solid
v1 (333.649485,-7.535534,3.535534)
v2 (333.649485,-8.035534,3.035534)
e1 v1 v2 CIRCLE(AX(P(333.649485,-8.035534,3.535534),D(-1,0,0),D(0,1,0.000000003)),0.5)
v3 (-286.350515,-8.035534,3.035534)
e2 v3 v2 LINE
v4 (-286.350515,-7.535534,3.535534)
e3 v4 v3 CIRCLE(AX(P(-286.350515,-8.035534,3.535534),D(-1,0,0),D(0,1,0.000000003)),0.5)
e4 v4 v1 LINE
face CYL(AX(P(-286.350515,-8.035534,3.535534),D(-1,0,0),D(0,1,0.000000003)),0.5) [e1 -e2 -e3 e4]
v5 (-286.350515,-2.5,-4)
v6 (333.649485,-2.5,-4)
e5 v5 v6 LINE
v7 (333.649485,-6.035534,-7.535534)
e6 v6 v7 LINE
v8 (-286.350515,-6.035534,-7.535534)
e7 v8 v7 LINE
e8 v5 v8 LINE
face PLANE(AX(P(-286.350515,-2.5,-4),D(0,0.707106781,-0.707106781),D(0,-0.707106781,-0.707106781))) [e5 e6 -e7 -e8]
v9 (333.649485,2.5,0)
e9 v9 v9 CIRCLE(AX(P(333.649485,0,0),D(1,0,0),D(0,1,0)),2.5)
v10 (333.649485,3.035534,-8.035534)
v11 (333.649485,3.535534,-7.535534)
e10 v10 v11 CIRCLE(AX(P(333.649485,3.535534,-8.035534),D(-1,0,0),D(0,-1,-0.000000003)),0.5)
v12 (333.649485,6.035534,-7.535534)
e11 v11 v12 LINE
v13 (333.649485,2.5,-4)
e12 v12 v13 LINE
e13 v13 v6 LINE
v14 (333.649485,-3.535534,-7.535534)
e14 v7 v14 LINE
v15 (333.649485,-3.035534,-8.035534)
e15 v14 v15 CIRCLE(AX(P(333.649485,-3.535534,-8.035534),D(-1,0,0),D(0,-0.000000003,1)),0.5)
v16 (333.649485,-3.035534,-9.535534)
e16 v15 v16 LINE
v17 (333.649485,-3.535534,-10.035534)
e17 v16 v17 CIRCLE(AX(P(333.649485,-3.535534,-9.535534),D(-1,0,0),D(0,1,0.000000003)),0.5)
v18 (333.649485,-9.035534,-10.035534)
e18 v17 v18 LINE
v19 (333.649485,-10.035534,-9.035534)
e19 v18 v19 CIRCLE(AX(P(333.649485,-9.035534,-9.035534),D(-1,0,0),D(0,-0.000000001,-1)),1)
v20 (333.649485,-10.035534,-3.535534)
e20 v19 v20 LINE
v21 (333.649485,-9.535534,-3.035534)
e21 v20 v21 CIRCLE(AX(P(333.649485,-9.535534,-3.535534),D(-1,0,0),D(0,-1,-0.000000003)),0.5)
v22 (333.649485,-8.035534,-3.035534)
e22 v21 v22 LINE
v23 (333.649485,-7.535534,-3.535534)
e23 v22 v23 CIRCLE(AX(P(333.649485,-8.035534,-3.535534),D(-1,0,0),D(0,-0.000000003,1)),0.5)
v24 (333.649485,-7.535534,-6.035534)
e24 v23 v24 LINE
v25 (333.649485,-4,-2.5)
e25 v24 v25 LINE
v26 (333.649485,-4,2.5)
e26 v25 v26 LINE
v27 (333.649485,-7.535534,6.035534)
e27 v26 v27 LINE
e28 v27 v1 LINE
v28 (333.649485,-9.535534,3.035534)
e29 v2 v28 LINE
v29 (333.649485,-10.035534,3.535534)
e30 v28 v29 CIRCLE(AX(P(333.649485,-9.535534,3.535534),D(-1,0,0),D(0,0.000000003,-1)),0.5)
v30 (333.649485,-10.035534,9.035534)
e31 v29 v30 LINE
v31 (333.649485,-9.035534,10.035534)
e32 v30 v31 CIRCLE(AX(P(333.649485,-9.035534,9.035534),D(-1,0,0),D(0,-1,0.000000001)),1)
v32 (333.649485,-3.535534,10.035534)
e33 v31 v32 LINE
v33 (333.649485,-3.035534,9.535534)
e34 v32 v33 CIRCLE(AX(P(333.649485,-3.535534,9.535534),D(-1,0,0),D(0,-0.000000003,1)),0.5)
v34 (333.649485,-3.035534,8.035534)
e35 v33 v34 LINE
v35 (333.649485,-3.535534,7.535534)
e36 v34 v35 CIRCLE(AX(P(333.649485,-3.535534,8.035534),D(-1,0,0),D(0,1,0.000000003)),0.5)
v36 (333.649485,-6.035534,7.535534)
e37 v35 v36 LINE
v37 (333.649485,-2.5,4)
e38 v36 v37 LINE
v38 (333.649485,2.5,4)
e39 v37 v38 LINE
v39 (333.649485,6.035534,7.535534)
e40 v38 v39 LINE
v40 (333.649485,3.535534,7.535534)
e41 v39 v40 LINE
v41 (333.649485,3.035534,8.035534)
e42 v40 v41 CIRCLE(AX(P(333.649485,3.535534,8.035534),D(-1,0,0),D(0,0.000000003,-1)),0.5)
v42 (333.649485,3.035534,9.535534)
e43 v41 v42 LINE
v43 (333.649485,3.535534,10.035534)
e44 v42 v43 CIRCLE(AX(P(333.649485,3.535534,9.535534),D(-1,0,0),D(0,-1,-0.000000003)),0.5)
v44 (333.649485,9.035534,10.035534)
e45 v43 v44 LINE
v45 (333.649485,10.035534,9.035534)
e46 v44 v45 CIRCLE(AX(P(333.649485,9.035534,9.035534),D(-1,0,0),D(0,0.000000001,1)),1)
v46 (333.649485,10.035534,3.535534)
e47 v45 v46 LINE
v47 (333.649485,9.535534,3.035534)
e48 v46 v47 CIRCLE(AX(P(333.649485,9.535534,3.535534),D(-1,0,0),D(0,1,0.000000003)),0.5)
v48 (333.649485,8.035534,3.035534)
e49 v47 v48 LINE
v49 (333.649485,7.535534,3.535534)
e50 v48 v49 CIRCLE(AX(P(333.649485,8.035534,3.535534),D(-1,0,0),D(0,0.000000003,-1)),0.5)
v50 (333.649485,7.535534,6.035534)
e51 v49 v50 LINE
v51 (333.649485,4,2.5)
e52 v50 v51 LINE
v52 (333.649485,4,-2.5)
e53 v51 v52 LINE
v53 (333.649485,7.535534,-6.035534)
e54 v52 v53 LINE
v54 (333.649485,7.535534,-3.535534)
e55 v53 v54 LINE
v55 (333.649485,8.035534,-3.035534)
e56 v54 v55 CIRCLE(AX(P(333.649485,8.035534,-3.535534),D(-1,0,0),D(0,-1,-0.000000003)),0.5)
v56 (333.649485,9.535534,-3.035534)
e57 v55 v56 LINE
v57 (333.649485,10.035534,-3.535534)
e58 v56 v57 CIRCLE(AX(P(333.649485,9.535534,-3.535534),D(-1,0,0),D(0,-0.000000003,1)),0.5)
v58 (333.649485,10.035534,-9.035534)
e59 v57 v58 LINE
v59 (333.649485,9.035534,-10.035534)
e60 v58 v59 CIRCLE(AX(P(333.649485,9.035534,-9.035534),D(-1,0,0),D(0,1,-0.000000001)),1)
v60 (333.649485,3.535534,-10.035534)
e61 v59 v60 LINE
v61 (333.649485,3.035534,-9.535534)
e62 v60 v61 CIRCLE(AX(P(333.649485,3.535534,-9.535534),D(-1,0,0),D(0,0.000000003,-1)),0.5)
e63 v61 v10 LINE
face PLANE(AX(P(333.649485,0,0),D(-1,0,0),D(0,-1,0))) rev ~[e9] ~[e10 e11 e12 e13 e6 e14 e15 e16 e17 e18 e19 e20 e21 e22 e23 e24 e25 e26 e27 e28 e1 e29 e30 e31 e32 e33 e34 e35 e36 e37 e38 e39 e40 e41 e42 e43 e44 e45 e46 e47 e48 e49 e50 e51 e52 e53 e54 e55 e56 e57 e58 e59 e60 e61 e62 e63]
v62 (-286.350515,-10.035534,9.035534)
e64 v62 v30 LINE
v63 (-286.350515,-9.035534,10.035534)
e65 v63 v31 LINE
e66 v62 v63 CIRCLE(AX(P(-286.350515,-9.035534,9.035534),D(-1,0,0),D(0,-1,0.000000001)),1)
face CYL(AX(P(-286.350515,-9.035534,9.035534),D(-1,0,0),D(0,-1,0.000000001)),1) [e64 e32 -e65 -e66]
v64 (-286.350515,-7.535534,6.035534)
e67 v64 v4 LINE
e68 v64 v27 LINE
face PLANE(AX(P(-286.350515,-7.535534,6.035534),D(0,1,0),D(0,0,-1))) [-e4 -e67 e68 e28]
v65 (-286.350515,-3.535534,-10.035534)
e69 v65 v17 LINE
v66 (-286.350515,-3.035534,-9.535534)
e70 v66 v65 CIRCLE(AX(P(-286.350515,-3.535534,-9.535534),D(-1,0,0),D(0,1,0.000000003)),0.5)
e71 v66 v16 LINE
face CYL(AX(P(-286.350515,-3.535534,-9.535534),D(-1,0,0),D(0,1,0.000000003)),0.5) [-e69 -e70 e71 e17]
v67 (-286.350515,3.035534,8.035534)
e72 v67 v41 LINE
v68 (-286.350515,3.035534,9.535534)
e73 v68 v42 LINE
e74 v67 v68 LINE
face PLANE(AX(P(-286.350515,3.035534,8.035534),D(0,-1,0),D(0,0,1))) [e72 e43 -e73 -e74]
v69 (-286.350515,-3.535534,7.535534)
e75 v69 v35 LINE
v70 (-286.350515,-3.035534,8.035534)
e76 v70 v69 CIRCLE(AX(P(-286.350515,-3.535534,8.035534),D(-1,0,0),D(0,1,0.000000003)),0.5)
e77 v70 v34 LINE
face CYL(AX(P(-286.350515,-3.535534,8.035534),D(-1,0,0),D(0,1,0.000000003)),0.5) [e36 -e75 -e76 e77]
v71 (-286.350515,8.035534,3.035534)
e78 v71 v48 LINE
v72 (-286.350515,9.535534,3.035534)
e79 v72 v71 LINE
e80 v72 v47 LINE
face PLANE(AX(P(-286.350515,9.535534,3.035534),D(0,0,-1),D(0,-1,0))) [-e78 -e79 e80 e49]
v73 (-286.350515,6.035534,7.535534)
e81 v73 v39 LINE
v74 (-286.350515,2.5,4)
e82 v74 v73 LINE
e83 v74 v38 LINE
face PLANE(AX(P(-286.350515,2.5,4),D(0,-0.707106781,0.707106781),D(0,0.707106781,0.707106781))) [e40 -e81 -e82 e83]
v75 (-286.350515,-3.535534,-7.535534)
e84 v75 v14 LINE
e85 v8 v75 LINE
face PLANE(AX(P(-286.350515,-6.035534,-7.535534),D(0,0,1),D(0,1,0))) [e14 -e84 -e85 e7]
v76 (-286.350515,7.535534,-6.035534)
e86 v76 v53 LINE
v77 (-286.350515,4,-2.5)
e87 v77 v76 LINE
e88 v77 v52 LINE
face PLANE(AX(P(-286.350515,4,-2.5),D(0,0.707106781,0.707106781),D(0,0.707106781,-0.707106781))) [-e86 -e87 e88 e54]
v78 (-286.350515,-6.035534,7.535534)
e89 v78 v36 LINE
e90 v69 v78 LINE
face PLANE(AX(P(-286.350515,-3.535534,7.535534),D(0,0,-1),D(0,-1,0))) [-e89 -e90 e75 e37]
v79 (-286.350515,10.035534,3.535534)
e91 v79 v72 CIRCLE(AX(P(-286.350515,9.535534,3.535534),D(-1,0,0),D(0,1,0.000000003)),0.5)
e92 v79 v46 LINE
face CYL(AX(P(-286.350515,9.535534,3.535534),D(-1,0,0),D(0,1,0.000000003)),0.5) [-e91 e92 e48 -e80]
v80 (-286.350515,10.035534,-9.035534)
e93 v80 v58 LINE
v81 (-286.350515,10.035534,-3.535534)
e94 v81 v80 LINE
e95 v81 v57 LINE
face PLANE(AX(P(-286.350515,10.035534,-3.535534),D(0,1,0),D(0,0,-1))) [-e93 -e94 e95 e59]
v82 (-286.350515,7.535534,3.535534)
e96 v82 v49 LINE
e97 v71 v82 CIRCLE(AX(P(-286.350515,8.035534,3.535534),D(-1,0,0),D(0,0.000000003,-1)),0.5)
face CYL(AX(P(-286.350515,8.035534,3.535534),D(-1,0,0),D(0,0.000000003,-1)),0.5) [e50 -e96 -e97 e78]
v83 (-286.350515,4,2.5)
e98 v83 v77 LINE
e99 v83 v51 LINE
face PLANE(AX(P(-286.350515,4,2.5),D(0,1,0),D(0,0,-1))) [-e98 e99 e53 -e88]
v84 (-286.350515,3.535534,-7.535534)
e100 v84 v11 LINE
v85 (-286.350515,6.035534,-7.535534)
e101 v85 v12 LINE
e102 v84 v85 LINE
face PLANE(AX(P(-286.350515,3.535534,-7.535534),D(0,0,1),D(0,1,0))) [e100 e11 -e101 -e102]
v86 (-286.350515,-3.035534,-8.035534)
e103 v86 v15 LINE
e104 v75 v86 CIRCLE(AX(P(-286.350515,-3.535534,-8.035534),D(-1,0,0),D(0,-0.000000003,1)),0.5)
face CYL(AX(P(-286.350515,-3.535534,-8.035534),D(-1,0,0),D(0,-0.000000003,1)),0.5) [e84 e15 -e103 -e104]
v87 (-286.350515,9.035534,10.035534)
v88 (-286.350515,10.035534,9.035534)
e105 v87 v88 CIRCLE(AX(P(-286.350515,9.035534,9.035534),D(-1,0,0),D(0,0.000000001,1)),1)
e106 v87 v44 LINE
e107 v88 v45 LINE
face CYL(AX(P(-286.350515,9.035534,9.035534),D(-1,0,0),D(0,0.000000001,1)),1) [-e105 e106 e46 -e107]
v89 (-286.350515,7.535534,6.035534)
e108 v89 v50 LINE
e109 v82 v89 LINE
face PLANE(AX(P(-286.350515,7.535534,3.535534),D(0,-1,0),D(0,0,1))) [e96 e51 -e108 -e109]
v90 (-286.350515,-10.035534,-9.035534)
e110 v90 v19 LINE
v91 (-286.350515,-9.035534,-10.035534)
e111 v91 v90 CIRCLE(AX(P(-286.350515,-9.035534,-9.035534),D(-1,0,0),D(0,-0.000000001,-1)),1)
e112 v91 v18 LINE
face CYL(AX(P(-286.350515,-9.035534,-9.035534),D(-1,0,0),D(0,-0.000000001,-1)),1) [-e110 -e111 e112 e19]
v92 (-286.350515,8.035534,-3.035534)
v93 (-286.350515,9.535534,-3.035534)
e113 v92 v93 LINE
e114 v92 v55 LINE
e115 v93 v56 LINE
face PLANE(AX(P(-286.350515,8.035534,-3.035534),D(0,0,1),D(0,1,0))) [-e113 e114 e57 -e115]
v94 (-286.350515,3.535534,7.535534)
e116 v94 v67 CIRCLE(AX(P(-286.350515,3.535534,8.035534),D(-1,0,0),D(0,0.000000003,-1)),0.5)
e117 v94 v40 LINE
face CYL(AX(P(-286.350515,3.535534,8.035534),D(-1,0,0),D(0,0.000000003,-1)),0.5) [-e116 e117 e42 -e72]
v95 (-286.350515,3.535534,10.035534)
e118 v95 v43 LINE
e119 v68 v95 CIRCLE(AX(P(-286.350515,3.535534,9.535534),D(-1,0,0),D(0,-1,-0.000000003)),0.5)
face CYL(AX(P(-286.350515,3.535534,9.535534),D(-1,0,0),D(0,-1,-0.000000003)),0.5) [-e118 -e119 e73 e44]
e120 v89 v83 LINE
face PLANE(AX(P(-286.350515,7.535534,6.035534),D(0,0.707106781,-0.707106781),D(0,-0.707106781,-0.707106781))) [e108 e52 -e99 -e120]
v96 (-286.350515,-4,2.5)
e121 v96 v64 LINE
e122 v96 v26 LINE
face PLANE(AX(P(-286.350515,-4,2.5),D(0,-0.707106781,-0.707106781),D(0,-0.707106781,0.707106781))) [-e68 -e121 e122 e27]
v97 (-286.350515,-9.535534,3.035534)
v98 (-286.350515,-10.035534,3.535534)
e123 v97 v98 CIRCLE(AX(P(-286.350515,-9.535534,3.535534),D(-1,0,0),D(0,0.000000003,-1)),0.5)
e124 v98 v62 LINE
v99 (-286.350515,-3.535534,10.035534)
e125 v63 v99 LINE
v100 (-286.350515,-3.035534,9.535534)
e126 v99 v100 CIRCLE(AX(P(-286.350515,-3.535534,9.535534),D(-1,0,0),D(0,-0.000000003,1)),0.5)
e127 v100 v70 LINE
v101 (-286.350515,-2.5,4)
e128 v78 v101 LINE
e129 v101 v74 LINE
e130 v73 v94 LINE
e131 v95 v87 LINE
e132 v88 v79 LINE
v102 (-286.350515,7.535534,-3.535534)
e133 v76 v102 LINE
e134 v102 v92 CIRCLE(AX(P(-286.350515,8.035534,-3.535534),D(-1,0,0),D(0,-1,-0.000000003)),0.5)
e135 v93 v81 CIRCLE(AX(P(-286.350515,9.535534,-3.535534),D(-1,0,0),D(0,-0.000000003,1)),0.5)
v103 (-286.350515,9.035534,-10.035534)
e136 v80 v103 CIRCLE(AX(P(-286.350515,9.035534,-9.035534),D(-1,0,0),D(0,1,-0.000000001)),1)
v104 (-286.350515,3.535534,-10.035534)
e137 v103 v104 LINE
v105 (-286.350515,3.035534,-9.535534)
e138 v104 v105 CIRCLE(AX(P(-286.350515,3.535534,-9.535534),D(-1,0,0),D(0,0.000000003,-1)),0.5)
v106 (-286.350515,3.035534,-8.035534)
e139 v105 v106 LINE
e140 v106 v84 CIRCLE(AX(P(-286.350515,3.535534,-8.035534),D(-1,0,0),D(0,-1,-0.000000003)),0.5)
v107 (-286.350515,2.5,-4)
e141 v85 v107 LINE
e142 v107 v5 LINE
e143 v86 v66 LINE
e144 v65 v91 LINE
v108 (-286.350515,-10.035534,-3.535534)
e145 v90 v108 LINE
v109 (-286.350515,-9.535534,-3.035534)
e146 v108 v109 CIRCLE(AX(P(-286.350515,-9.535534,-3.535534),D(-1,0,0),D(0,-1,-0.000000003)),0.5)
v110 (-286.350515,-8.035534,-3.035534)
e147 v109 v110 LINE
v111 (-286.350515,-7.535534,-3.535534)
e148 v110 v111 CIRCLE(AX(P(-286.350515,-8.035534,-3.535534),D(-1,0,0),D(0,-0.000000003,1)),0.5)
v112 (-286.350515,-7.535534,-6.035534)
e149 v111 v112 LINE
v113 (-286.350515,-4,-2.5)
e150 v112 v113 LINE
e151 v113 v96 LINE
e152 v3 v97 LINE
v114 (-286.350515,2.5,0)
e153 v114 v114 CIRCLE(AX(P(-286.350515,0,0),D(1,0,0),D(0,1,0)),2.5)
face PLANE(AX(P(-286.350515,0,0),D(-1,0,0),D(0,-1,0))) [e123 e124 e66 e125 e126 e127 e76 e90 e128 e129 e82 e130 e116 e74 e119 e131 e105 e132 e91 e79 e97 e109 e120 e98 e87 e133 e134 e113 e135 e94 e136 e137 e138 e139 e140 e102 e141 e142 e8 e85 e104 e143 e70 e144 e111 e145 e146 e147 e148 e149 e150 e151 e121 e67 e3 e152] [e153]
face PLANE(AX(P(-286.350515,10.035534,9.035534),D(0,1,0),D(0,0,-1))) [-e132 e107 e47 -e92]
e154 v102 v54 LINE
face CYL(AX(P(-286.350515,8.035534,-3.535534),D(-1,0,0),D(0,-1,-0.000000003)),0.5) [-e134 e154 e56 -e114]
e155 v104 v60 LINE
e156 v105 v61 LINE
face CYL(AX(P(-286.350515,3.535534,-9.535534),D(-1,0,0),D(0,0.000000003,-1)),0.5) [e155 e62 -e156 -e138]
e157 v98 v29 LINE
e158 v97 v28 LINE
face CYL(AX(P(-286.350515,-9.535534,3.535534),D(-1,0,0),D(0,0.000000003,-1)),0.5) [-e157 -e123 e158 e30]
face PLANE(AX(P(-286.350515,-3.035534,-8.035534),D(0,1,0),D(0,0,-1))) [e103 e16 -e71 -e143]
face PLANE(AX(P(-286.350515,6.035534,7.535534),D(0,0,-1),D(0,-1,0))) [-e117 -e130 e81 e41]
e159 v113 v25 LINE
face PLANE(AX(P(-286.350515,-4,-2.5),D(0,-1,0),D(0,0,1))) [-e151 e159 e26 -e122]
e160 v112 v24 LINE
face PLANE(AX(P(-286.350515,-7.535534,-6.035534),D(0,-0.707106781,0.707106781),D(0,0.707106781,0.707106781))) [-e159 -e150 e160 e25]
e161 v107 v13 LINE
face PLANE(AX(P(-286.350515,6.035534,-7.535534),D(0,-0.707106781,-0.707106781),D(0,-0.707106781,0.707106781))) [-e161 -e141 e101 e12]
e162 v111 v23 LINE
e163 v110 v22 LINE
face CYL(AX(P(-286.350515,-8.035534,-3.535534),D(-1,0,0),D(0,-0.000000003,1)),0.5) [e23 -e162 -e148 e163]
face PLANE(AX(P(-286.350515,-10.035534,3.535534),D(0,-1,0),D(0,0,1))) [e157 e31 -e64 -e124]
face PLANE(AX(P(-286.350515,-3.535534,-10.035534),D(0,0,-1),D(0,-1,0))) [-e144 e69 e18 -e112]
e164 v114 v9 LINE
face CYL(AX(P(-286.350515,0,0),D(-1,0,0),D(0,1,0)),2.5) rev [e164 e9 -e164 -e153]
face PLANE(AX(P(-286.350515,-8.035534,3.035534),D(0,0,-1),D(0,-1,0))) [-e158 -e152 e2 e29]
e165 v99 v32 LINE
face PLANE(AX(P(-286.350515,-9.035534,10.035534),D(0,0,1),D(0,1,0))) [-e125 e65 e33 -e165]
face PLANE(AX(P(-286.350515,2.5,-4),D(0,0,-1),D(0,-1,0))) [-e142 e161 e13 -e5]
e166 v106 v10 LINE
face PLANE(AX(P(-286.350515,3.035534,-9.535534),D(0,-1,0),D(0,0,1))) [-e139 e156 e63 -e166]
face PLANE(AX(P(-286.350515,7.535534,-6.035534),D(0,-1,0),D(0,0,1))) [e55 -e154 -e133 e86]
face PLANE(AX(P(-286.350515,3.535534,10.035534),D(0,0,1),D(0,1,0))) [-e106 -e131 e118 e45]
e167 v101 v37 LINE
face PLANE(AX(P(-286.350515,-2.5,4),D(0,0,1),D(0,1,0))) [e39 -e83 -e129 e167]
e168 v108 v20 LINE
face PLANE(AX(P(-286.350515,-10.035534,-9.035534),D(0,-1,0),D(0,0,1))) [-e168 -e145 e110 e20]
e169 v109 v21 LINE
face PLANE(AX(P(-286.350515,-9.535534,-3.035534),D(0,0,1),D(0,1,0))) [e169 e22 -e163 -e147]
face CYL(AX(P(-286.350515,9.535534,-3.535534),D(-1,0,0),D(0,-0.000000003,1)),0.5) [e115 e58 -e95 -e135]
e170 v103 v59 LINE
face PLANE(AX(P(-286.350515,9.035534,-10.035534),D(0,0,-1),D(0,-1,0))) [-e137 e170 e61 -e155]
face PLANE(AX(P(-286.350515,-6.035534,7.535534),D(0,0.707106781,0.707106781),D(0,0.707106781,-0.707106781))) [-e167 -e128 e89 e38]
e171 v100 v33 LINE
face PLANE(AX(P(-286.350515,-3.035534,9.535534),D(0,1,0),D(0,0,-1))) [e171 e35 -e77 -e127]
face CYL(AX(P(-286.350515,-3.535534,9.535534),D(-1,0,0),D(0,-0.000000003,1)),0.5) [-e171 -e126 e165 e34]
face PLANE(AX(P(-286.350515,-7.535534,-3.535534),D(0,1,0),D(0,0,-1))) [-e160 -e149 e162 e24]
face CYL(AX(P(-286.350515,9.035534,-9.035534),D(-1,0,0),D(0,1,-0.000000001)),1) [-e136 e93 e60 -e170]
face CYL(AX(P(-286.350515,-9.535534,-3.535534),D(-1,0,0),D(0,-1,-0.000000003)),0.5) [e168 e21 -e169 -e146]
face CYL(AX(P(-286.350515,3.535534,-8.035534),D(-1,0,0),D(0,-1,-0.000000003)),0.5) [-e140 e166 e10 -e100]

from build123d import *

# Parameters (mm, degrees)
SKETCH11_R                            = 2.5
ALUMINIUM_PROF_ALUMINIUM_PROF_1_DEPTH = 620


with BuildPart() as part:
    # Sketch11 → Aluminium prof ALUMINIUM PROF(1) (new body)
    with BuildSketch(Plane.YZ.offset(-286.350515464)):
        with BuildLine():
            Line((-2.5, 4), (2.5, 4))
            Line((2.5, 4), (6.035533906, 7.535533906))
            Line((6.035533906, 7.535533906), (3.535533906, 7.535533906))
            ThreePointArc((3.535533906, 7.535533906), (3.181980515, 7.681980515), (3.035533906, 8.035533906))
            Line((3.035533906, 8.035533906), (3.035533906, 9.535533906))
            ThreePointArc((3.035533906, 9.535533906), (3.181980515, 9.889087297), (3.535533906, 10.035533906))
            Line((3.535533906, 10.035533906), (9.035533906, 10.035533906))
            ThreePointArc((9.035533906, 10.035533906), (9.742640687, 9.742640687), (10.035533906, 9.035533906))
            Line((10.035533906, 9.035533906), (10.035533906, 3.535533906))
            ThreePointArc((10.035533906, 3.535533906), (9.889087297, 3.181980515), (9.535533906, 3.035533906))
            Line((9.535533906, 3.035533906), (8.035533906, 3.035533906))
            ThreePointArc((8.035533906, 3.035533906), (7.681980515, 3.181980515), (7.535533906, 3.535533906))
            Line((7.535533906, 3.535533906), (7.535533906, 6.035533906))
            Line((7.535533906, 6.035533906), (4, 2.5))
            Line((4, 2.5), (4, -2.5))
            Line((4, -2.5), (7.535533906, -6.035533906))
            Line((7.535533906, -6.035533906), (7.535533906, -3.535533906))
            ThreePointArc((7.535533906, -3.535533906), (7.681980515, -3.181980515), (8.035533906, -3.035533906))
            Line((8.035533906, -3.035533906), (9.535533906, -3.035533906))
            ThreePointArc((9.535533906, -3.035533906), (9.889087297, -3.181980515), (10.035533906, -3.535533906))
            Line((10.035533906, -3.535533906), (10.035533906, -9.035533906))
            ThreePointArc((10.035533906, -9.035533906), (9.742640687, -9.742640687), (9.035533906, -10.035533906))
            Line((9.035533906, -10.035533906), (3.535533906, -10.035533906))
            ThreePointArc((3.535533906, -10.035533906), (3.181980515, -9.889087297), (3.035533906, -9.535533906))
            Line((3.035533906, -9.535533906), (3.035533906, -8.035533906))
            ThreePointArc((3.035533906, -8.035533906), (3.181980515, -7.681980515), (3.535533906, -7.535533906))
            Line((3.535533906, -7.535533906), (6.035533906, -7.535533906))
            Line((6.035533906, -7.535533906), (2.5, -4))
            Line((2.5, -4), (-2.5, -4))
            Line((-2.5, -4), (-6.035533906, -7.535533906))
            Line((-6.035533906, -7.535533906), (-3.535533906, -7.535533906))
            ThreePointArc((-3.535533906, -7.535533906), (-3.181980515, -7.681980515), (-3.035533906, -8.035533906))
            Line((-3.035533906, -8.035533906), (-3.035533906, -9.535533906))
            ThreePointArc((-3.035533906, -9.535533906), (-3.181980515, -9.889087297), (-3.535533906, -10.035533906))
            Line((-3.535533906, -10.035533906), (-9.035533906, -10.035533906))
            ThreePointArc((-9.035533906, -10.035533906), (-9.742640687, -9.742640687), (-10.035533906, -9.035533906))
            Line((-10.035533906, -9.035533906), (-10.035533906, -3.535533906))
            ThreePointArc((-10.035533906, -3.535533906), (-9.889087297, -3.181980515), (-9.535533906, -3.035533906))
            Line((-9.535533906, -3.035533906), (-8.035533906, -3.035533906))
            ThreePointArc((-8.035533906, -3.035533906), (-7.681980515, -3.181980515), (-7.535533906, -3.535533906))
            Line((-7.535533906, -3.535533906), (-7.535533906, -6.035533906))
            Line((-7.535533906, -6.035533906), (-4, -2.5))
            Line((-4, -2.5), (-4, 2.5))
            Line((-4, 2.5), (-7.535533906, 6.035533906))
            Line((-7.535533906, 6.035533906), (-7.535533906, 3.535533906))
            ThreePointArc((-7.535533906, 3.535533906), (-7.681980515, 3.181980515), (-8.035533906, 3.035533906))
            Line((-8.035533906, 3.035533906), (-9.535533906, 3.035533906))
            ThreePointArc((-9.535533906, 3.035533906), (-9.889087297, 3.181980515), (-10.035533906, 3.535533906))
            Line((-10.035533906, 3.535533906), (-10.035533906, 9.035533906))
            ThreePointArc((-10.035533906, 9.035533906), (-9.742640687, 9.742640687), (-9.035533906, 10.035533906))
            Line((-9.035533906, 10.035533906), (-3.535533906, 10.035533906))
            ThreePointArc((-3.535533906, 10.035533906), (-3.181980515, 9.889087297), (-3.035533906, 9.535533906))
            Line((-3.035533906, 9.535533906), (-3.035533906, 8.035533906))
            ThreePointArc((-3.035533906, 8.035533906), (-3.181980515, 7.681980515), (-3.535533906, 7.535533906))
            Line((-3.535533906, 7.535533906), (-6.035533906, 7.535533906))
            Line((-6.035533906, 7.535533906), (-2.5, 4))
        make_face()
        Circle(SKETCH11_R, mode=Mode.SUBTRACT)
    extrude(amount=ALUMINIUM_PROF_ALUMINIUM_PROF_1_DEPTH)


solid = part.part
